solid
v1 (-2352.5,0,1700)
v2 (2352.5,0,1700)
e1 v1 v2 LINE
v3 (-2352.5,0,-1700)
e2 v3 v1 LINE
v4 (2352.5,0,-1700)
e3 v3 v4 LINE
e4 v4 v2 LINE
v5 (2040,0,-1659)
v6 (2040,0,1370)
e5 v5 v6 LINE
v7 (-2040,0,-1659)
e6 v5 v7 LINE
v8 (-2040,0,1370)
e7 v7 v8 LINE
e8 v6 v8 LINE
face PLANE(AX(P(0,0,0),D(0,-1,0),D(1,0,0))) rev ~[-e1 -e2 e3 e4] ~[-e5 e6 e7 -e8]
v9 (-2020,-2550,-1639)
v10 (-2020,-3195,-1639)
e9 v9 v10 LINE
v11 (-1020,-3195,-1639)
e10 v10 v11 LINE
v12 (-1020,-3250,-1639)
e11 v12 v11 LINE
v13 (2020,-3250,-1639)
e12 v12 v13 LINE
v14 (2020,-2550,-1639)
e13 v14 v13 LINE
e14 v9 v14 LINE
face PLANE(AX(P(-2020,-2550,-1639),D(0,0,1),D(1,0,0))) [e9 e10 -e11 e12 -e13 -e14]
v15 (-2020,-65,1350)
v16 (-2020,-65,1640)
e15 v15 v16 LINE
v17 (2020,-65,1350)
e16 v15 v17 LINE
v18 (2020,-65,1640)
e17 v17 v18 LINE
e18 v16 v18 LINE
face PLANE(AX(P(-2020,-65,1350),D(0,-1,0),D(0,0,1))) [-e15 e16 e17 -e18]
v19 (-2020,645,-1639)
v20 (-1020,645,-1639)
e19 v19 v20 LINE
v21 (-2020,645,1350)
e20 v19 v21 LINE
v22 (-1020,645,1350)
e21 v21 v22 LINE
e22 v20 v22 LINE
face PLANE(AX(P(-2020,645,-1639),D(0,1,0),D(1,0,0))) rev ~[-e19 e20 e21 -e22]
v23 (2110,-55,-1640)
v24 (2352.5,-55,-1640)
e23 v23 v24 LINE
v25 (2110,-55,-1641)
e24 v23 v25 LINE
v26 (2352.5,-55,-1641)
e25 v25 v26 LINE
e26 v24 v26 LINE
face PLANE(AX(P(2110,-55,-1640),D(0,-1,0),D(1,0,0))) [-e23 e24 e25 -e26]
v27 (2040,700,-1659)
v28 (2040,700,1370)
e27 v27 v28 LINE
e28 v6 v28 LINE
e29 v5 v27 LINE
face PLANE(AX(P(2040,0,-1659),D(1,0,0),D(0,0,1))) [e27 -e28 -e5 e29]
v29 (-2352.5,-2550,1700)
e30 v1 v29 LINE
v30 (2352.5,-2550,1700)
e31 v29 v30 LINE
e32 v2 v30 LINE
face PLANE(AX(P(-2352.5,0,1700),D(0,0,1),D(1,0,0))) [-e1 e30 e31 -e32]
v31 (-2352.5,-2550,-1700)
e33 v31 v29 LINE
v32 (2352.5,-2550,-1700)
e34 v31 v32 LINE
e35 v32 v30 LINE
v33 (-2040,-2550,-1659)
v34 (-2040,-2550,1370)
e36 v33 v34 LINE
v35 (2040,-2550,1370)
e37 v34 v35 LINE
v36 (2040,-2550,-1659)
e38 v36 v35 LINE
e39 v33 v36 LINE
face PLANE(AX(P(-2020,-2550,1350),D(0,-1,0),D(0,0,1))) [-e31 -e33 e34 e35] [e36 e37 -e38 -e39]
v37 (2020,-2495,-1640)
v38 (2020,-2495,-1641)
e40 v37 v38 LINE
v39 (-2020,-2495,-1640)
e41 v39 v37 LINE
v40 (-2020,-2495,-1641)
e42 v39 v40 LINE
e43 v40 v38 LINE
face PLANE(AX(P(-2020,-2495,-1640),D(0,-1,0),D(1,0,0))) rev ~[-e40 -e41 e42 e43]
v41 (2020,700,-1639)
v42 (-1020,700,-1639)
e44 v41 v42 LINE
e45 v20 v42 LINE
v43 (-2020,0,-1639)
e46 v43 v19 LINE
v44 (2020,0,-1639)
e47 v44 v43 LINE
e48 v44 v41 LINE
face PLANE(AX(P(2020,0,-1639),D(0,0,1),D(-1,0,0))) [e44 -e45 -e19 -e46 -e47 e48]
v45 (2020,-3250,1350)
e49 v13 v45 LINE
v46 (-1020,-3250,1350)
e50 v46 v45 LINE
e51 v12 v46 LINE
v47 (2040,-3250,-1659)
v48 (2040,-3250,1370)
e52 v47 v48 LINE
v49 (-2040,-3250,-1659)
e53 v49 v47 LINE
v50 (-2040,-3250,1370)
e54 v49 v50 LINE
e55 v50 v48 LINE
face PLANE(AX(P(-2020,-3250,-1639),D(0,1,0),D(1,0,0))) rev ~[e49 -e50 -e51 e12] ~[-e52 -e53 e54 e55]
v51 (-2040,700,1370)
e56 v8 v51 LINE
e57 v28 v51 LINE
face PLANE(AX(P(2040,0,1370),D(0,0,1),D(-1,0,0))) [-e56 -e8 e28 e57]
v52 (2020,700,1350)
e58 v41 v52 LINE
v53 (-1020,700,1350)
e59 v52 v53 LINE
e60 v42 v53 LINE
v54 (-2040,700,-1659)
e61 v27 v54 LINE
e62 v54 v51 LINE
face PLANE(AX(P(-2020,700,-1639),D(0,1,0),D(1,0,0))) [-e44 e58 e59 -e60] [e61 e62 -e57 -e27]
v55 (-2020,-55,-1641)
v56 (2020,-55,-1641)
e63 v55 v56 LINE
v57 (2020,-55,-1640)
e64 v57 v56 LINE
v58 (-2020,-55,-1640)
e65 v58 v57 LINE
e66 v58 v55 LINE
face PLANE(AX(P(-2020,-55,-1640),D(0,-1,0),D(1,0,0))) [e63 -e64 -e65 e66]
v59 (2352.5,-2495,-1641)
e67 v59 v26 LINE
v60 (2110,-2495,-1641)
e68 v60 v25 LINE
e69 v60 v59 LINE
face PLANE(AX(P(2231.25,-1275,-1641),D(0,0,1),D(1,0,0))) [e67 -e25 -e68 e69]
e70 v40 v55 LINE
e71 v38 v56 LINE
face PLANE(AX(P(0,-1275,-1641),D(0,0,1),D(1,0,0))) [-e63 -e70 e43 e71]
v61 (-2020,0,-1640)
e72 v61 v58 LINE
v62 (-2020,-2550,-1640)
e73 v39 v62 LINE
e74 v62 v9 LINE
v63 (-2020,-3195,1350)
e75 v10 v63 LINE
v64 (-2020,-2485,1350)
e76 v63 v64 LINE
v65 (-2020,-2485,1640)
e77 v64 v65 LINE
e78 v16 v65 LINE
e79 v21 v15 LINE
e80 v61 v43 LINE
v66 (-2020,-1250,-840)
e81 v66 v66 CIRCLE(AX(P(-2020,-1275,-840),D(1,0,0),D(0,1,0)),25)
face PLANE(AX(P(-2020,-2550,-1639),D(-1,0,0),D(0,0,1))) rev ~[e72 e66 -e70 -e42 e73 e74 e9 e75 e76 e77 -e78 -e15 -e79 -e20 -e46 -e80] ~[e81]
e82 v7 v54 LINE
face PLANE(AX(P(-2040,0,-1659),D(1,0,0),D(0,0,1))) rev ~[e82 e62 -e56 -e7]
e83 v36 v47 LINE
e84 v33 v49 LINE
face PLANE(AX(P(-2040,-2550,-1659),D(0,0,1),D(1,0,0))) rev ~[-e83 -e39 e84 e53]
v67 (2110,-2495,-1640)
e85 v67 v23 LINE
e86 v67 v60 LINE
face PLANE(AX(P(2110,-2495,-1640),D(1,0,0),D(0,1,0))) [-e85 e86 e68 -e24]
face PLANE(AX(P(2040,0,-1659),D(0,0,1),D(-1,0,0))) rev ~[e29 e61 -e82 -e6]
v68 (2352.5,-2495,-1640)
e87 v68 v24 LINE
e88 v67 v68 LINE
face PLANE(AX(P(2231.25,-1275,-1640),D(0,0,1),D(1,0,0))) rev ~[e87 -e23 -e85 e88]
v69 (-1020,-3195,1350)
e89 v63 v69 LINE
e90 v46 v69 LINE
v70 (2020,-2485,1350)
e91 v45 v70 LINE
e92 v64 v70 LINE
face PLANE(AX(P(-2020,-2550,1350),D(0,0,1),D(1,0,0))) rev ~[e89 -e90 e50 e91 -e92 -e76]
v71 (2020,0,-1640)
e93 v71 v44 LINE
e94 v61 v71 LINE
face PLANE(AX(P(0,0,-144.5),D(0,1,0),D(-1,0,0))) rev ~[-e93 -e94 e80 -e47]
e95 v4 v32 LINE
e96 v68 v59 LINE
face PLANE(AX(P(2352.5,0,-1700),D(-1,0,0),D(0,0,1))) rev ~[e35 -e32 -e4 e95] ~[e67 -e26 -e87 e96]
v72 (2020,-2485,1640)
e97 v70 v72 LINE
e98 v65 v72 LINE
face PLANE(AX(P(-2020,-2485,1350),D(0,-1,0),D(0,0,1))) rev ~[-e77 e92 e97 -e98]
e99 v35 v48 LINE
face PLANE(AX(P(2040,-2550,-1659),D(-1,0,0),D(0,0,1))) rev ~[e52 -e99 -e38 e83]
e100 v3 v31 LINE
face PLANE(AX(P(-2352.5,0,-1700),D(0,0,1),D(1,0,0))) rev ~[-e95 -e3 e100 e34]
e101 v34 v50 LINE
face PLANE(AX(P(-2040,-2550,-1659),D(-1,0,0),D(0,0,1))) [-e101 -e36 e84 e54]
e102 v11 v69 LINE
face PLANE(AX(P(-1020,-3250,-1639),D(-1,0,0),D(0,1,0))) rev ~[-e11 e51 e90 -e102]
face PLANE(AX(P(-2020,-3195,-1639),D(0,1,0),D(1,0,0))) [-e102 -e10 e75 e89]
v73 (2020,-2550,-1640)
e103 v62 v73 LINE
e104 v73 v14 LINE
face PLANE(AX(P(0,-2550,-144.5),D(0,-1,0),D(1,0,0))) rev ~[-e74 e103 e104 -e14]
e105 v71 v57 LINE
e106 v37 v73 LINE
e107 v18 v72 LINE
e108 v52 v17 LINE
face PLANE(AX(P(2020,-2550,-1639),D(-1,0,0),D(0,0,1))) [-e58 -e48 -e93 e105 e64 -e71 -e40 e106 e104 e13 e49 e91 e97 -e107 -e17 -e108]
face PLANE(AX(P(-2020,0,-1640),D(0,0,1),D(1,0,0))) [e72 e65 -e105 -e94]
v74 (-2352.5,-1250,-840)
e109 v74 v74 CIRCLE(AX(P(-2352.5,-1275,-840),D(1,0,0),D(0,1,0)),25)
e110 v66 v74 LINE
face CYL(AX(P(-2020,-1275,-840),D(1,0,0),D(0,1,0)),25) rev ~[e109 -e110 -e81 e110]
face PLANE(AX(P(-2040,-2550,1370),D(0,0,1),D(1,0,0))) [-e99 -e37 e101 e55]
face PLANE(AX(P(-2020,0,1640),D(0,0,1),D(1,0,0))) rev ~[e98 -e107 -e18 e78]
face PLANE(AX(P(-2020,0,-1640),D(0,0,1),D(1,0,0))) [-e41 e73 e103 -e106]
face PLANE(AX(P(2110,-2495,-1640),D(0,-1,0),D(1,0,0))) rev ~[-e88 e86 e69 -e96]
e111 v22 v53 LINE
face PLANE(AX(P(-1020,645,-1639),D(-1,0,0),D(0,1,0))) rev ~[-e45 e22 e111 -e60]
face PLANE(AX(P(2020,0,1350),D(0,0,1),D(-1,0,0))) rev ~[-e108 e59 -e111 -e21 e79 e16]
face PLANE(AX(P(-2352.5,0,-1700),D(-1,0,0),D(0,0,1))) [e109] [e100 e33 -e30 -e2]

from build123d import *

# Parameters (mm, degrees)
F0_W      = 4705
F0_H      = 3400
F0_W_2    = 4040
F0_H_2    = 3280
F1_DEPTH  = 2550
F2_W      = 65
F2_H      = 290
F3_DEPTH  = 4040
F4_R      = 25
F5_DEPTH  = 332.501
F6_W      = 242.5
F6_H      = 2440
F7_DEPTH  = 1
F8_W      = 4080
F8_H      = 3029
F8_W_2    = 4040
F8_H_2    = 2989
F9_DEPTH  = 700
F10_W     = 4080
F10_H     = 3029
F10_W_2   = 4040
F10_H_2   = 2989
F11_DEPTH = 700
F12_W     = 1000
F12_H     = 55
F13_DEPTH = 2989
F14_W     = 1000
F14_H     = 55
F15_DEPTH = 2989
F16_W     = 4040
F16_H     = 2440
F17_DEPTH = 1


with BuildPart() as f1:
    # F0 (on Front) → F1 (new body)
    with BuildSketch(Plane.XZ):
        Rectangle(F0_W, F0_H)
        Rectangle(F0_W_2, F0_H_2, mode=Mode.SUBTRACT)
    extrude(amount=F1_DEPTH)

    # F2 (on face) → F3 (join, through all)
    with BuildSketch(Plane.YZ.offset(-2020)):
        with Locations((-2517.5, 1495)):
            Rectangle(F2_W, F2_H)
        with Locations((-32.5, 1495)):
            Rectangle(F2_W, F2_H)
    extrude(amount=F3_DEPTH)

    # F4 (on face) → F5 (cut, through all)
    with BuildSketch(Plane.YZ.offset(-2020)):
        with Locations((-1275, -840)):
            Circle(F4_R)
    extrude(amount=-F5_DEPTH, mode=Mode.SUBTRACT)

    # F6 (on face) → F7 (cut)
    with BuildSketch(Plane.XY.offset(-1640)):
        with Locations((2231.25, -1275)):
            Rectangle(F6_W, F6_H)
    extrude(amount=-F7_DEPTH, mode=Mode.SUBTRACT)

    # F8 (on face) → F9 (join)
    with BuildSketch(Plane(origin=(0, 0, 0), x_dir=(-1, 0, 0), z_dir=(0, 1, 0))):
        with Locations((0, -144.5)):
            Rectangle(F8_W, F8_H)
        with Locations((0, -144.5)):
            Rectangle(F8_W_2, F8_H_2, mode=Mode.SUBTRACT)
    extrude(amount=F9_DEPTH)

    # F10 (on face) → F11 (join)
    with BuildSketch(Plane.XZ.offset(2550)):
        with Locations((0, -144.5)):
            Rectangle(F10_W, F10_H)
        with Locations((0, -144.5)):
            Rectangle(F10_W_2, F10_H_2, mode=Mode.SUBTRACT)
    extrude(amount=F11_DEPTH)

    # F12 (on face) → F13 (join, through all)
    with BuildSketch(Plane.XY.offset(-1639)):
        with Locations((-1520, 672.5)):
            Rectangle(F12_W, F12_H)
    extrude(amount=F13_DEPTH)

    # F14 (on face) → F15 (join, through all)
    with BuildSketch(Plane.XY.offset(-1639)):
        with Locations((-1520, -3222.5)):
            Rectangle(F14_W, F14_H)
    extrude(amount=F15_DEPTH)

    # F16 (on face) → F17 (cut)
    with BuildSketch(Plane.XY.offset(-1640)):
        with Locations((0, -1275)):
            Rectangle(F16_W, F16_H)
    extrude(amount=-F17_DEPTH, mode=Mode.SUBTRACT)


solid = f1.part
